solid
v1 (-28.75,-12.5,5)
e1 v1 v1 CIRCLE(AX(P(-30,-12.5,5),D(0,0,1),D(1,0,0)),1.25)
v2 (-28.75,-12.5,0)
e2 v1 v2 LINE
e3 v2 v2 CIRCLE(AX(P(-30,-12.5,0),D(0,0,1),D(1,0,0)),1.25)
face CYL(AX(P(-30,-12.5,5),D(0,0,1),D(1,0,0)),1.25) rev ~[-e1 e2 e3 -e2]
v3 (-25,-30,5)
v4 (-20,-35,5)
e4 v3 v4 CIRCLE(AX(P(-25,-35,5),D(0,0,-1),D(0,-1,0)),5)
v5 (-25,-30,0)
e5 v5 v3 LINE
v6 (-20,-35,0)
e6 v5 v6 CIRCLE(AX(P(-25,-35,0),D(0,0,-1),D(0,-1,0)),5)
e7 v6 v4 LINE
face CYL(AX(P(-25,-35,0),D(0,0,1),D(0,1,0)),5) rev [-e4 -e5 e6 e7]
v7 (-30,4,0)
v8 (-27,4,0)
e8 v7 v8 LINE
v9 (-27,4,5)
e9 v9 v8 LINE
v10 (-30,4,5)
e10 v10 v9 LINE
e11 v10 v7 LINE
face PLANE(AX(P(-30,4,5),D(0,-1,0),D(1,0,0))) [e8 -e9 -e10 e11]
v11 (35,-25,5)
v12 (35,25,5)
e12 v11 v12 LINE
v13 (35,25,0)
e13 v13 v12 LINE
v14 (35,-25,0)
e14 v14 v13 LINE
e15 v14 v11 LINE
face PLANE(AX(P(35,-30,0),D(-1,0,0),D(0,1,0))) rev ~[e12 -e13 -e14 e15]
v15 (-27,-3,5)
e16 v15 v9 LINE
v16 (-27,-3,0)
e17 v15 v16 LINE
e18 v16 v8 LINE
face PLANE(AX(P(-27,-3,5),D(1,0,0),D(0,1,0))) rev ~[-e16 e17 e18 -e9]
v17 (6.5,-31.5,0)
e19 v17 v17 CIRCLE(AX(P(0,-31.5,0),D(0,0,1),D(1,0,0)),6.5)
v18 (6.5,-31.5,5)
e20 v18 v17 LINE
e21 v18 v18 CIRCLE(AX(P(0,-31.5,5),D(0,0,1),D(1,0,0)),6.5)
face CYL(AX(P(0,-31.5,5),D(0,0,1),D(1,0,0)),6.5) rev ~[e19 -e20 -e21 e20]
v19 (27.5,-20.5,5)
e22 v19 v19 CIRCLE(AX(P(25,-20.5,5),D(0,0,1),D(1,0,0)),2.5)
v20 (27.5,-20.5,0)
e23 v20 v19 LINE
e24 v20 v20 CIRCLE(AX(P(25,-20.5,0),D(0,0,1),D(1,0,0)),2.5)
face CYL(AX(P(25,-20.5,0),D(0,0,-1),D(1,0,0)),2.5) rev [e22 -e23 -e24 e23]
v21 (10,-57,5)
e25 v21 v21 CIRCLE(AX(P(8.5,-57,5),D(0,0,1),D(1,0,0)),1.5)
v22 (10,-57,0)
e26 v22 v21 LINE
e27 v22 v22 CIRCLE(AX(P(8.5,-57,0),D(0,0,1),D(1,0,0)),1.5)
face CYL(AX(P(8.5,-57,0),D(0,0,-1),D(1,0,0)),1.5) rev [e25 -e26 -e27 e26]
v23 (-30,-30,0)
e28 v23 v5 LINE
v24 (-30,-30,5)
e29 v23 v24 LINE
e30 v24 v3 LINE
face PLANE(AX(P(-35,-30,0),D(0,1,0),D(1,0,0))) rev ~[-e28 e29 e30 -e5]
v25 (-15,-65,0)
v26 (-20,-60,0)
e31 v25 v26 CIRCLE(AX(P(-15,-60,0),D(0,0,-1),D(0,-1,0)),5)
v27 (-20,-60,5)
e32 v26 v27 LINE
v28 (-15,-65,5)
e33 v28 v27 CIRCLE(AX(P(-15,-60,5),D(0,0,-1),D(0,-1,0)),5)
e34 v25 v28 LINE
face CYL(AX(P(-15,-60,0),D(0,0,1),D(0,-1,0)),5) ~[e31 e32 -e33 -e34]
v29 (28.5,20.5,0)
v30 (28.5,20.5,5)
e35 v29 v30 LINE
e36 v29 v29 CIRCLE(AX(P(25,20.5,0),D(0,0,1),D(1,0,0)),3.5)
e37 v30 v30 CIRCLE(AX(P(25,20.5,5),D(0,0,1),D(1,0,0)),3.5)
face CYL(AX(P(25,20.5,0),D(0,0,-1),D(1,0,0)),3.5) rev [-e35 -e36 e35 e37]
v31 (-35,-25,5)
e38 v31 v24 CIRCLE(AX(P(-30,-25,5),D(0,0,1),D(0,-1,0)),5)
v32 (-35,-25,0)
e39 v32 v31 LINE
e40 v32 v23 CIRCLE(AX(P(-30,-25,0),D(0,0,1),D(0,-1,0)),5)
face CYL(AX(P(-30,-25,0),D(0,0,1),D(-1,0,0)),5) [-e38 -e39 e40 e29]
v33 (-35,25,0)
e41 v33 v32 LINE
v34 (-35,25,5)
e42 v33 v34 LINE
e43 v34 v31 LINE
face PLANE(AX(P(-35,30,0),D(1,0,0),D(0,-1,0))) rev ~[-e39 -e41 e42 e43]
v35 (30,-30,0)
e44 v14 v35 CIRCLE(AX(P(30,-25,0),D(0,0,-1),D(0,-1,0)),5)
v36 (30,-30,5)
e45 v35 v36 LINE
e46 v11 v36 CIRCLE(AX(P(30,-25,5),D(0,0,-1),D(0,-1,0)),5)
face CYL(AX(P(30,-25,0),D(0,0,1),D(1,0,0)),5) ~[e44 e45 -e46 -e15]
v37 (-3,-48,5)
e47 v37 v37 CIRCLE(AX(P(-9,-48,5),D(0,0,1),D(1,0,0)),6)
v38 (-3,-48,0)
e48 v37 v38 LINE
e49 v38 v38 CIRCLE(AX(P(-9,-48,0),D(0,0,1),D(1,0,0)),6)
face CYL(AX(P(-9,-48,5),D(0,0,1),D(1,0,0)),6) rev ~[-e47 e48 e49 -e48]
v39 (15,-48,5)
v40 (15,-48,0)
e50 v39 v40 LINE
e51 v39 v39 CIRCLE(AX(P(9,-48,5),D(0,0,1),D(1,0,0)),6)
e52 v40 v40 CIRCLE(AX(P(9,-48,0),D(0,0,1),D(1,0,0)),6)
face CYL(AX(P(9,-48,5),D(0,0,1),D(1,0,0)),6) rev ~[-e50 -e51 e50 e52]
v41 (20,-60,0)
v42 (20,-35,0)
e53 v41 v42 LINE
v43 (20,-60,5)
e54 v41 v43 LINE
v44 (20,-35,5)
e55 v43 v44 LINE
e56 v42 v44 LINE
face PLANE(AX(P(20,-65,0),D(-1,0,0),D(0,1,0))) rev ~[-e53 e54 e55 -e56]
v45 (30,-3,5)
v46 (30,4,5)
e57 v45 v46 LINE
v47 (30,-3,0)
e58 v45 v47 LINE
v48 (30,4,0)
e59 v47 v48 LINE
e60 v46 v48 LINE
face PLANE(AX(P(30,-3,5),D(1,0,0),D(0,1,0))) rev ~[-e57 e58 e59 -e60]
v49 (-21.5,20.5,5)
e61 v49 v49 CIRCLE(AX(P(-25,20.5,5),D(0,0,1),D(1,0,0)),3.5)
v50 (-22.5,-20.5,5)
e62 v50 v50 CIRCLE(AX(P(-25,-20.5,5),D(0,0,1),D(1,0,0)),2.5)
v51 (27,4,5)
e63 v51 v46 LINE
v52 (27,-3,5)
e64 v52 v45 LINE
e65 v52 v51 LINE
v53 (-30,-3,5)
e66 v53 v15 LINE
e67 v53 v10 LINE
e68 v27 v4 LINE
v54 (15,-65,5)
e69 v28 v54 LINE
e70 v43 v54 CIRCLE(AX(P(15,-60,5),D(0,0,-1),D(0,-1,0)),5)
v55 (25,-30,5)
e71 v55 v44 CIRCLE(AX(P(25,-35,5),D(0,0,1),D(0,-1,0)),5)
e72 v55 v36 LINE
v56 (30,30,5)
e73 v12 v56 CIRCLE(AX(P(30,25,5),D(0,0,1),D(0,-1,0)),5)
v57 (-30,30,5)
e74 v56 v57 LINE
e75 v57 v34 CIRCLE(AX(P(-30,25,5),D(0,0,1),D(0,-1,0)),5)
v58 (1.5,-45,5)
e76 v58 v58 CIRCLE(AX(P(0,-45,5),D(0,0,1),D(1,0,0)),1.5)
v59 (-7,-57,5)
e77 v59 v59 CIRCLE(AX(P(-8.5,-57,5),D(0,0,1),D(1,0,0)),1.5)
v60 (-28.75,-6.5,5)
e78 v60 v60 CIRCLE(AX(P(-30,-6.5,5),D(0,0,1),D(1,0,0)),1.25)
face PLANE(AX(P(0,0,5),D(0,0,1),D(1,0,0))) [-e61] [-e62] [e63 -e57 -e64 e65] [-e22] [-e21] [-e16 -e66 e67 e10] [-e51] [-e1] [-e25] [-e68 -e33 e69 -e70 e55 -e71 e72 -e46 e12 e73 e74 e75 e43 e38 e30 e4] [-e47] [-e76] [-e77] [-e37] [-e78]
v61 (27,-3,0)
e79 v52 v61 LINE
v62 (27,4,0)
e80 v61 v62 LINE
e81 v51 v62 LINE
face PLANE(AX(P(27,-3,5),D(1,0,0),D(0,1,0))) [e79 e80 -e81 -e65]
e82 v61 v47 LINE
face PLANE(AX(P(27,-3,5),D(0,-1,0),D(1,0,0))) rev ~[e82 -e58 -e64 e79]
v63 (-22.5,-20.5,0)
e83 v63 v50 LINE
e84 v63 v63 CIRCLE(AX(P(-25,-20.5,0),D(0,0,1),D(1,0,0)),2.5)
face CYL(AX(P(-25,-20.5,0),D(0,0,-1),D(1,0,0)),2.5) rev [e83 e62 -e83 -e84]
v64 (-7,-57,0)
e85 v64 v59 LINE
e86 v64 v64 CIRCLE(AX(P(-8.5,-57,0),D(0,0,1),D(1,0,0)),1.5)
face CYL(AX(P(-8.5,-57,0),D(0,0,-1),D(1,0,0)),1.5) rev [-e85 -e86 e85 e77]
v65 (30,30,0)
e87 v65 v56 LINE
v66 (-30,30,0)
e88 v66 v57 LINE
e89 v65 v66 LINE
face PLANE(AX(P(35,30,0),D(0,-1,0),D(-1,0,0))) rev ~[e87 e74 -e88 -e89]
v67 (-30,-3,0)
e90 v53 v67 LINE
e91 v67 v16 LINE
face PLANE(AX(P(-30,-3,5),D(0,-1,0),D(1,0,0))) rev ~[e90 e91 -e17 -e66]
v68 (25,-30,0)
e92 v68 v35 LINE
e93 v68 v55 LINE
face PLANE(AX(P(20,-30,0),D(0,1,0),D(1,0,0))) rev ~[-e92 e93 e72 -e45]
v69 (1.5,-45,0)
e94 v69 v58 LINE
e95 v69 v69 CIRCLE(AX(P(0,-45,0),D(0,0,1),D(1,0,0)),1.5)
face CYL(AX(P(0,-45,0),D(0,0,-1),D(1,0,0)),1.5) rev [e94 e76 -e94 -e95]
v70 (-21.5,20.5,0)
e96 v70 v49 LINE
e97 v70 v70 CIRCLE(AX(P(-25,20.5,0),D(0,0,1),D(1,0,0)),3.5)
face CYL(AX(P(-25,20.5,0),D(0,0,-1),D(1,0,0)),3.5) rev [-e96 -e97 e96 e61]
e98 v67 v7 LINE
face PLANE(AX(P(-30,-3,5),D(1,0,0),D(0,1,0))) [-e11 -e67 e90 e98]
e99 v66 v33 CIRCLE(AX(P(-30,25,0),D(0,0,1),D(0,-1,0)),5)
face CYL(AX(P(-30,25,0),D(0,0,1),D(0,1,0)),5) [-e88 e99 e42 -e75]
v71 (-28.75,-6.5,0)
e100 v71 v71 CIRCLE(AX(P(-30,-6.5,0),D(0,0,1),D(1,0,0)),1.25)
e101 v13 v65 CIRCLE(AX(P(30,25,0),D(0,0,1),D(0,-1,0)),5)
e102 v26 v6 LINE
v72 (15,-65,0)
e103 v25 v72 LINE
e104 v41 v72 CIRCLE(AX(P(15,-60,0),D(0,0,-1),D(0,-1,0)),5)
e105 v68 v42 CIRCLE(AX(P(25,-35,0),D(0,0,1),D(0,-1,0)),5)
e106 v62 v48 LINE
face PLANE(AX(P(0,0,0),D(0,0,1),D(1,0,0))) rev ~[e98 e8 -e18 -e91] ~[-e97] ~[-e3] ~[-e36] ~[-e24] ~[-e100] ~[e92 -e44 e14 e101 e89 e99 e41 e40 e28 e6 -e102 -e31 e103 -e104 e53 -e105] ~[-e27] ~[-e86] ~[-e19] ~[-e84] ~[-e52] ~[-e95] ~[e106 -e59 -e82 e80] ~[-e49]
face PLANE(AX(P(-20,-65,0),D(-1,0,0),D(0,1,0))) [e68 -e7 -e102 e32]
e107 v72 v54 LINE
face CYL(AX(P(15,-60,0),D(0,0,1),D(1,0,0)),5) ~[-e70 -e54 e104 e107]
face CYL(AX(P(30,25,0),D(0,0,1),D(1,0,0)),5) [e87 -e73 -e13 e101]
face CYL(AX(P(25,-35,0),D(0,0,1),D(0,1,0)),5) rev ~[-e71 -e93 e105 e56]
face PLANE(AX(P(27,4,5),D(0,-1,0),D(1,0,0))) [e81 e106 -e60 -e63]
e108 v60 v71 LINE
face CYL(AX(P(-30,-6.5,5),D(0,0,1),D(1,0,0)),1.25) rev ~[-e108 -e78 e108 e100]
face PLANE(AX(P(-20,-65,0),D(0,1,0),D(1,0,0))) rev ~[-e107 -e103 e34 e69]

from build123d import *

# Parameters (mm, degrees)
F0_R     = 2.5
F0_R_2   = 3.5
F0_W     = 40
F0_H     = 35
F0_R_3   = 1.5
F1_DEPTH = 5
F2_R     = 6
F2_R_2   = 6.5
F3_DEPTH = 5.001
F4_W     = 3
F4_H     = 7
F5_DEPTH = 5.001
F6_R     = 1.25
F7_DEPTH = 5.001
F8_R     = 5


with BuildPart() as f1:
    # F0 (on Top) → F1 (new body)
    with BuildSketch(Plane.XY):
        Polygon((35, -30), (35, 30), (-35, 30), (-35, -30), (-20, -30), (20, -30), align=None)
        with Locations((-25, -20.5)):
            Circle(F0_R, mode=Mode.SUBTRACT)
        with Locations((25, -20.5)):
            Circle(F0_R, mode=Mode.SUBTRACT)
        with Locations((-25, 20.5)):
            Circle(F0_R_2, mode=Mode.SUBTRACT)
        with Locations((25, 20.5)):
            Circle(F0_R_2, mode=Mode.SUBTRACT)
        with Locations((0, -47.5)):
            Rectangle(F0_W, F0_H)
        with Locations((-8.5, -57)):
            Circle(F0_R_3, mode=Mode.SUBTRACT)
        with Locations((8.5, -57)):
            Circle(F0_R_3, mode=Mode.SUBTRACT)
        with Locations((0, -45)):
            Circle(F0_R_3, mode=Mode.SUBTRACT)
    extrude(amount=F1_DEPTH)

    # F2 (on face) → F3 (cut, through all)
    with BuildSketch(Plane.XY.offset(5)):
        with Locations((-9, -48)):
            Circle(F2_R)
        with Locations((9, -48)):
            Circle(F2_R)
        with Locations((0, -31.5)):
            Circle(F2_R_2)
    extrude(amount=-F3_DEPTH, mode=Mode.SUBTRACT)

    # F4 (on face) → F5 (cut, through all)
    with BuildSketch(Plane.XY.offset(5)):
        with Locations((28.5, 0.5)):
            Rectangle(F4_W, F4_H)
        with Locations((-28.5, 0.5)):
            Rectangle(F4_W, F4_H)
    extrude(amount=-F5_DEPTH, mode=Mode.SUBTRACT)

    # F6 (on face) → F7 (cut, through all)
    with BuildSketch(Plane.XY.offset(5)):
        with Locations((-30, -6.5)):
            Circle(F6_R)
        with Locations((-30, -12.5)):
            Circle(F6_R)
    extrude(amount=-F7_DEPTH, mode=Mode.SUBTRACT)

    # F8
    f8_edges = [f1.edges().sort_by_distance(p)[0] for p in [
        (-20, -30, 2.5),
        (-20, -65, 2.5),
        (20, -65, 2.5),
        (20, -30, 2.5),
        (35, -30, 2.5),
        (35, 30, 2.5),
        (-35, 30, 2.5),
        (-35, -30, 2.5),
    ]]
    fillet(f8_edges, radius=F8_R)


solid = f1.part
